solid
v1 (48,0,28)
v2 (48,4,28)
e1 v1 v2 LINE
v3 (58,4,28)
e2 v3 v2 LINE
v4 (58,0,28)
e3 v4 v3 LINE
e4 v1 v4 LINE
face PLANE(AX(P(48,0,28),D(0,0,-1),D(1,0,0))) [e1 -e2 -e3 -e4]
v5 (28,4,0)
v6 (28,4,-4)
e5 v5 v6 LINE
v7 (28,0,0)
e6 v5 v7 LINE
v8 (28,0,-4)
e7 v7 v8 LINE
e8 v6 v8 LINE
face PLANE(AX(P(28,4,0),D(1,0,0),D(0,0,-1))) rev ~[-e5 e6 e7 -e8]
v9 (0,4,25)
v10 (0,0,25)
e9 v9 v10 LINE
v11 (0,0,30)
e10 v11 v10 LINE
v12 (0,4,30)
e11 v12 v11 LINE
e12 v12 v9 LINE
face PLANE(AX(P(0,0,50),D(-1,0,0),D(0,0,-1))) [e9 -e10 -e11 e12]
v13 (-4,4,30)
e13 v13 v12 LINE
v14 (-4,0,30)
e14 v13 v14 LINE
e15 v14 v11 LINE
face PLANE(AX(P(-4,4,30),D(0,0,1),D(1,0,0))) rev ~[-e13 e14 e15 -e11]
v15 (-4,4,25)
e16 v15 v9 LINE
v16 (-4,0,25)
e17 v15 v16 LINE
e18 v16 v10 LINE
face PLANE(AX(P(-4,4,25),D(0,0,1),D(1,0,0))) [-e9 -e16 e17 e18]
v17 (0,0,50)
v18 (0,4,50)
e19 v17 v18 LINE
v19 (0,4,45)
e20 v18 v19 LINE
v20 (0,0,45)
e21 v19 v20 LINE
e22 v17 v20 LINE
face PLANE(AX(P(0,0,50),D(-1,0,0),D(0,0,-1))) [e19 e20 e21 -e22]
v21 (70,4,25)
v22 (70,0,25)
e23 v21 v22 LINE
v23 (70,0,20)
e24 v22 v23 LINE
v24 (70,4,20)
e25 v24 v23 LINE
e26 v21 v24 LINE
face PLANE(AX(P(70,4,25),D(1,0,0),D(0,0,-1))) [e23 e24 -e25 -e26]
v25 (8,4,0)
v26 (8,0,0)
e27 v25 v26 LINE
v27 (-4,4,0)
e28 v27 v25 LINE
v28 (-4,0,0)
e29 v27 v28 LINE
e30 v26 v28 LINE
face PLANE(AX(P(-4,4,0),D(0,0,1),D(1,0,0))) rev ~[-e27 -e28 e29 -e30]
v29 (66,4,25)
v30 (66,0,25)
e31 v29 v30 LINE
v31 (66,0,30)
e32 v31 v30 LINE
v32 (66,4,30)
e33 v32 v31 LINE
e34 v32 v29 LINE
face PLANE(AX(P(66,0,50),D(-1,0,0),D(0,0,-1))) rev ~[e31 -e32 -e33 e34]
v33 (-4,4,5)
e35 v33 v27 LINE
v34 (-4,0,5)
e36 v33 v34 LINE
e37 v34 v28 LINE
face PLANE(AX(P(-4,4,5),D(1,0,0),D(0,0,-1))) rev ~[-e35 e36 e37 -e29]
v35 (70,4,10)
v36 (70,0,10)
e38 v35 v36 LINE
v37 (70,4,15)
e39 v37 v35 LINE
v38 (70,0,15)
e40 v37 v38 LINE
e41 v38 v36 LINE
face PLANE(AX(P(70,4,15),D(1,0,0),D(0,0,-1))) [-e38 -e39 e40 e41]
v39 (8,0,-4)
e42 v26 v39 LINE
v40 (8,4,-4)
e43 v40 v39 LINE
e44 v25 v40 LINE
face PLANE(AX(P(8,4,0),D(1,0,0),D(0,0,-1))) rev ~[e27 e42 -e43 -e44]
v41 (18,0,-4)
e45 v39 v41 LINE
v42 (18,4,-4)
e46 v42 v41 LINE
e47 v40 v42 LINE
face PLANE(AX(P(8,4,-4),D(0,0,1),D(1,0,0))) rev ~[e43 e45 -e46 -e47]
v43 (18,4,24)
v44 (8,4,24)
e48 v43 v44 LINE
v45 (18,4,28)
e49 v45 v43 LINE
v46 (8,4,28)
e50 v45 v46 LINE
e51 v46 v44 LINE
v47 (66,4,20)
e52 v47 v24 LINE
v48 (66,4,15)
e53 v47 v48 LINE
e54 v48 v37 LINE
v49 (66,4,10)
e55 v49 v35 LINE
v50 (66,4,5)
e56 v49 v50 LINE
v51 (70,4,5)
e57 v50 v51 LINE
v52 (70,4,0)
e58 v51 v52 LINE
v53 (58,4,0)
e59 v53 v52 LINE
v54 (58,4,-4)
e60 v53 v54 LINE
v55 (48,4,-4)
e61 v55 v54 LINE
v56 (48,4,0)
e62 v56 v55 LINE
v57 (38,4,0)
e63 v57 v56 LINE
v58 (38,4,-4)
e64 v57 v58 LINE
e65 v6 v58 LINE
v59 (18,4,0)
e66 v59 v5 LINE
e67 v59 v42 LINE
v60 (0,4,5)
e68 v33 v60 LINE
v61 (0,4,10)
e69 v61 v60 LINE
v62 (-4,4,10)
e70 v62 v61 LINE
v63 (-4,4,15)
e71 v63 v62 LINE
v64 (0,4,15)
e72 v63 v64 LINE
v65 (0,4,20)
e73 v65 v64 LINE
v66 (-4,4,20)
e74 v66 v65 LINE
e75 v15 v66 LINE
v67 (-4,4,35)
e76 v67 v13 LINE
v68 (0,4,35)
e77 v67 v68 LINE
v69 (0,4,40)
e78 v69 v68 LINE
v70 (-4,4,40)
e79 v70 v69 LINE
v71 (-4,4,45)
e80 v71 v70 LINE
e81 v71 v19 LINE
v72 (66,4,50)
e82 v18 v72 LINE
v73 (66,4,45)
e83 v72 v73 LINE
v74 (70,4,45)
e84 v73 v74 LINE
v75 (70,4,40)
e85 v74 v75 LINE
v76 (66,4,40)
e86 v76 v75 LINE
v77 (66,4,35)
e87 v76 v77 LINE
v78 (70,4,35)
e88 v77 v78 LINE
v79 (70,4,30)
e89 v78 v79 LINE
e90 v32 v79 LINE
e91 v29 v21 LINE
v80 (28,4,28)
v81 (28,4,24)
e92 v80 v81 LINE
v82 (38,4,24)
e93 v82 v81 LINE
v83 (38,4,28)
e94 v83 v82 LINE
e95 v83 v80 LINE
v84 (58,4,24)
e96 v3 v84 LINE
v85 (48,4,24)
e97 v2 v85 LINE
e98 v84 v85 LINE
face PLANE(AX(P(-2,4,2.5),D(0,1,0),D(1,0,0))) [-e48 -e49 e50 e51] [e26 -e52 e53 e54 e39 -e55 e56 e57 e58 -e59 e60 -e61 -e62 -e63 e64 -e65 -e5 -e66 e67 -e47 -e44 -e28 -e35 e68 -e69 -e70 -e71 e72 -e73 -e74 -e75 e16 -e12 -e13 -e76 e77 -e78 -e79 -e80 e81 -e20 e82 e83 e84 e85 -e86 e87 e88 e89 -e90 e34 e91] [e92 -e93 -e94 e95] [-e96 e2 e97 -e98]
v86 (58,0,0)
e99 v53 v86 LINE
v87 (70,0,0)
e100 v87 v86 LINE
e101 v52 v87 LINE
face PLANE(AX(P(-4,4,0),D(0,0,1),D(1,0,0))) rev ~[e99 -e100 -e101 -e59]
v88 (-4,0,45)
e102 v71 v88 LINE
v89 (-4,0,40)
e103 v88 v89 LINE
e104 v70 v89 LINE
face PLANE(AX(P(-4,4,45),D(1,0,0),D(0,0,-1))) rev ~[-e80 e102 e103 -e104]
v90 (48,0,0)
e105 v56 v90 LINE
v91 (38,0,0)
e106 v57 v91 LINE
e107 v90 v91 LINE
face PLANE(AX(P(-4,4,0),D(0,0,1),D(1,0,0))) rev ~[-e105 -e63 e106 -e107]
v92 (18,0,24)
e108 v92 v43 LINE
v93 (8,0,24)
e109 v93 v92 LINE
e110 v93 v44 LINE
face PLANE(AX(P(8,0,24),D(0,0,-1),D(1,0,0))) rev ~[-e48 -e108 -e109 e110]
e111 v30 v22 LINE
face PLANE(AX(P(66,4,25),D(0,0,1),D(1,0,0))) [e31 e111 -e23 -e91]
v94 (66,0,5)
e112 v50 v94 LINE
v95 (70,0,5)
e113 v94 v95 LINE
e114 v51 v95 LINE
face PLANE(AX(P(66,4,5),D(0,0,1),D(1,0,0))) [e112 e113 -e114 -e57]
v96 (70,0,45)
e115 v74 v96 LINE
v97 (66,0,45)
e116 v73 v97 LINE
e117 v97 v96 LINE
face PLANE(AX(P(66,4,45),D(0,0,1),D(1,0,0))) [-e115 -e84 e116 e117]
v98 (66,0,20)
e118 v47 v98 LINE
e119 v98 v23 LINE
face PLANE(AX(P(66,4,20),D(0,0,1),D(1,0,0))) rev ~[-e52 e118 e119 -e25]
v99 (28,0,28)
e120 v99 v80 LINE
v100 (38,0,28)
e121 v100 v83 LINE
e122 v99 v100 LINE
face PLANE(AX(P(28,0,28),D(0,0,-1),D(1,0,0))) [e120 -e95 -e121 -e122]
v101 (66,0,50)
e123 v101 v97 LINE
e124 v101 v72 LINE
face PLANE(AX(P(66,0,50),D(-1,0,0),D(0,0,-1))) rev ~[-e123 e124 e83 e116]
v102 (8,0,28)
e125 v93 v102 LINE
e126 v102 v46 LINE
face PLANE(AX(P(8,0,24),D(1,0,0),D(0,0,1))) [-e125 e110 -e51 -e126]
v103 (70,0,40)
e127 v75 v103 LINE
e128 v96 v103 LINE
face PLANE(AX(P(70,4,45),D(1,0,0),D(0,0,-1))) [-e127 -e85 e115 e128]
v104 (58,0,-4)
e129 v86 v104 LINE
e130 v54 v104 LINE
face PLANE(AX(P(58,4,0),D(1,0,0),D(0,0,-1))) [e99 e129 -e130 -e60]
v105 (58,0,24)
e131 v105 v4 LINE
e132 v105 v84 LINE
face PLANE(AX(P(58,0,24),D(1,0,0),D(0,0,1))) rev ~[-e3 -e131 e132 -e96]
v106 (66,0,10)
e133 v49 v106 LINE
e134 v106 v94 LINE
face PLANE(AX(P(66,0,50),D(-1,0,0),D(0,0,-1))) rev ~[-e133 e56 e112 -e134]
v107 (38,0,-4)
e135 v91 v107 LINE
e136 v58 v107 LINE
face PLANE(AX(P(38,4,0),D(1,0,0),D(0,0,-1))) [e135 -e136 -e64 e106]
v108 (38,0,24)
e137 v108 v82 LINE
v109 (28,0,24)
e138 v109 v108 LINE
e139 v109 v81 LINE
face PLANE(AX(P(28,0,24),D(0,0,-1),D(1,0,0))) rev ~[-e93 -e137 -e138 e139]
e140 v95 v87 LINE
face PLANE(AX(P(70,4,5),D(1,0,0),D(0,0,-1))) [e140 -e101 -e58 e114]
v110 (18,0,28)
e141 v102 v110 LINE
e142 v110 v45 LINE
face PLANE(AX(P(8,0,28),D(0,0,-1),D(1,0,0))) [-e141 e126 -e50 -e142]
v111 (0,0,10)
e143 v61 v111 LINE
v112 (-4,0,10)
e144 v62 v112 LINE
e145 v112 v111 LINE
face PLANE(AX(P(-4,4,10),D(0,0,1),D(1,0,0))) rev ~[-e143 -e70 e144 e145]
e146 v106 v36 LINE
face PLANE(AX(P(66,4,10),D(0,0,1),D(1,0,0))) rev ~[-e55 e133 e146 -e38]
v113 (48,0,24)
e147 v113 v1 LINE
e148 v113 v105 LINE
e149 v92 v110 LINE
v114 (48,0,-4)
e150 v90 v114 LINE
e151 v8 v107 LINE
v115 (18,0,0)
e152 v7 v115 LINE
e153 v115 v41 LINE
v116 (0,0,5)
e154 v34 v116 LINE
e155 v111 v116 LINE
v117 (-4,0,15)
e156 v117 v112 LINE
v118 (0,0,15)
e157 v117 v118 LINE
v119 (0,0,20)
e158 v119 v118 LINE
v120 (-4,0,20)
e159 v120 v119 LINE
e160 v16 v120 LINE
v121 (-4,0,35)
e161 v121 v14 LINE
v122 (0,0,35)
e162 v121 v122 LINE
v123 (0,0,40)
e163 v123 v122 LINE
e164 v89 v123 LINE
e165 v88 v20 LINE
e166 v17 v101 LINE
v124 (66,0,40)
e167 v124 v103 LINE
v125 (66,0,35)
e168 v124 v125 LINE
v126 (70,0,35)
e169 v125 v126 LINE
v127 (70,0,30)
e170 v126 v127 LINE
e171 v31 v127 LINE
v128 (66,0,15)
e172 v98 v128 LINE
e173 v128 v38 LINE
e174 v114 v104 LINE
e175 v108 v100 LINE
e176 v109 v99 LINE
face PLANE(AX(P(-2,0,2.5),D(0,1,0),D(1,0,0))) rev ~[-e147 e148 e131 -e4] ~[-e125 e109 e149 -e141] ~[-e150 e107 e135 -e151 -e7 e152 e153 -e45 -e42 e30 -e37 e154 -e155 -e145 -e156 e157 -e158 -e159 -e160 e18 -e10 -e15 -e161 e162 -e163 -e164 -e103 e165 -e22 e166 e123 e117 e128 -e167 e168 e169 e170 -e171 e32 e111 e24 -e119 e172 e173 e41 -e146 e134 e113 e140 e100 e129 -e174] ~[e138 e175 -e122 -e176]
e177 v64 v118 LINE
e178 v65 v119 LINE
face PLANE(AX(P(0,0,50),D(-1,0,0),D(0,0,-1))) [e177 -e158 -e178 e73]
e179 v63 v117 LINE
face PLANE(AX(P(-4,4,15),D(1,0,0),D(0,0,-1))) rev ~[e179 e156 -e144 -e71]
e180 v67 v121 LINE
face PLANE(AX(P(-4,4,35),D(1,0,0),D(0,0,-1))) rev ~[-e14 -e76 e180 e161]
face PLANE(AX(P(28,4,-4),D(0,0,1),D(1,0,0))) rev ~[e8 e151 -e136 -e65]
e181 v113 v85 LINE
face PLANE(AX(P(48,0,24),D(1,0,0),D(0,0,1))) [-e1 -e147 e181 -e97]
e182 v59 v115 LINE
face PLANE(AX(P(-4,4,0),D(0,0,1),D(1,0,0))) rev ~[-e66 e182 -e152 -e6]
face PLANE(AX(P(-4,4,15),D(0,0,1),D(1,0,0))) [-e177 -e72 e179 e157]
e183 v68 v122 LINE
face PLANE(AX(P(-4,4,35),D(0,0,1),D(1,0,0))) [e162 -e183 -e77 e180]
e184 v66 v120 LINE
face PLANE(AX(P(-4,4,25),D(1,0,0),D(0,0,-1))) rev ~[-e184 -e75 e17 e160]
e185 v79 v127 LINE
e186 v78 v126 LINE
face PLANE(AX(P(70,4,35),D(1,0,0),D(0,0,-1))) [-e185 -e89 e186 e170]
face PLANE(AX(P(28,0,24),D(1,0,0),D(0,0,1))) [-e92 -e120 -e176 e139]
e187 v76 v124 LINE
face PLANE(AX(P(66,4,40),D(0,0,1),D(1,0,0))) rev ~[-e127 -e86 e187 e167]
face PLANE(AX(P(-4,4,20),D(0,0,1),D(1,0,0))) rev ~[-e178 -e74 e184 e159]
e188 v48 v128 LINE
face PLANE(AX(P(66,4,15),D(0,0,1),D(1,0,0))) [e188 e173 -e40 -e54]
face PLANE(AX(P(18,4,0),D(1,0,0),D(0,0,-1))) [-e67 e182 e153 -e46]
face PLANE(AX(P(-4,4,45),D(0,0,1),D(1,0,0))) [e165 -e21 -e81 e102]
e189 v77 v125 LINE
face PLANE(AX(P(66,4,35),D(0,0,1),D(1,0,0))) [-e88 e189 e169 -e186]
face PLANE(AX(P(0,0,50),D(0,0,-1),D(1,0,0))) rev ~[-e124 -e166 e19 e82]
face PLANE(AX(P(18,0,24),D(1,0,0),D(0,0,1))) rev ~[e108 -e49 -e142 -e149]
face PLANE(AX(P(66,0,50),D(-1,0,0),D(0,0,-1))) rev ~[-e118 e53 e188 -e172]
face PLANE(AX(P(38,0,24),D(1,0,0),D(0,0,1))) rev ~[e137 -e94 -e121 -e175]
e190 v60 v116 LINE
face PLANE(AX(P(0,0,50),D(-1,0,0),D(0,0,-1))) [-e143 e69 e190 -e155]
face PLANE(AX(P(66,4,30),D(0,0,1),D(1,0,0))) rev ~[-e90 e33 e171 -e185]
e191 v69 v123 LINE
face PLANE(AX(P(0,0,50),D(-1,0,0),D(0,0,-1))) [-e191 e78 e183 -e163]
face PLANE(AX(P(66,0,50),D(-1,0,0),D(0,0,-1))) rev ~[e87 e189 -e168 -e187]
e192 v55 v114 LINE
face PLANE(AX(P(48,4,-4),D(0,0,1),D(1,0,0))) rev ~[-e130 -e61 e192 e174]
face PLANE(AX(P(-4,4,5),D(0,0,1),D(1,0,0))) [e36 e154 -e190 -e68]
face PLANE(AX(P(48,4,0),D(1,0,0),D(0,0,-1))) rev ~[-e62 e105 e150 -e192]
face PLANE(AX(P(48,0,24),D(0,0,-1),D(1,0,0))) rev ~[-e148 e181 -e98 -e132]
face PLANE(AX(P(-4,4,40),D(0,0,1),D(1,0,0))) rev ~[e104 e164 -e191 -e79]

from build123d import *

# Parameters (mm, degrees)
SKETCH1_W           = 66
SKETCH1_H           = 50
BOSS_EXTRUDE1_DEPTH = 4
SKETCH2_W           = 4
SKETCH2_H           = 5
BOSS_EXTRUDE2_DEPTH = 4
LPATTERN1_COUNT     = 5
LPATTERN1_PITCH     = 10
SKETCH3_W           = 10
SKETCH3_H           = 4
BOSS_EXTRUDE3_DEPTH = 4
LPATTERN2_COUNT     = 2
LPATTERN2_PITCH     = 20
LPATTERN2_COL_COUNT = 2
LPATTERN2_COL_PITCH = 20
SKETCH4_W           = 10
SKETCH4_H           = 4
CUT_EXTRUDE1_DEPTH  = 87.116200566


with BuildPart() as part:
    # Sketch1 → Boss-Extrude1 (new body)
    with BuildSketch(Plane(origin=(0, 0, 0), x_dir=(1, 0, 0), z_dir=(0, 1, 0))):
        with Locations((33, -25)):
            Rectangle(SKETCH1_W, SKETCH1_H)
    extrude(amount=BOSS_EXTRUDE1_DEPTH)

    # Sketch2 → Boss-Extrude2 (add, through all)
    with BuildSketch(Plane(origin=(0, 4, 0), x_dir=(1, 0, 0), z_dir=(0, 1, 0))):
        with Locations((-2, -2.5)):
            Rectangle(SKETCH2_W, SKETCH2_H)
        with Locations((68, -2.5)):
            Rectangle(SKETCH2_W, SKETCH2_H)
    boss_extrude2 = extrude(amount=-BOSS_EXTRUDE2_DEPTH)

    # LPattern1: Boss-Extrude2 ×5
    with Locations(*[(0, 0, i * LPATTERN1_PITCH) for i in range(1, LPATTERN1_COUNT)]):
        add(boss_extrude2)

    # Sketch3 → Boss-Extrude3 (add, through all)
    with BuildSketch(Plane(origin=(0, 4, 0), x_dir=(1, 0, 0), z_dir=(0, 1, 0))):
        with Locations((33, 2)):
            Rectangle(SKETCH3_W, SKETCH3_H)
    boss_extrude3 = extrude(amount=-BOSS_EXTRUDE3_DEPTH)

    # LPattern2: Boss-Extrude3 ×2
    with Locations(*[(i * LPATTERN2_PITCH, 0, 0) for i in range(1, LPATTERN2_COUNT)]):
        add(boss_extrude3)

    # LPattern2 col: Boss-Extrude3 ×2
    with Locations(*[(-i * LPATTERN2_COL_PITCH, 0, 0) for i in range(1, LPATTERN2_COL_COUNT)]):
        add(boss_extrude3)

    # Sketch4 → Cut-Extrude1 (cut, through all)
    with BuildSketch(Plane.XZ):
        with Locations((13, 26)):
            Rectangle(SKETCH4_W, SKETCH4_H)
        with Locations((33, 26)):
            Rectangle(SKETCH4_W, SKETCH4_H)
        with Locations((53, 26)):
            Rectangle(SKETCH4_W, SKETCH4_H)
    extrude(amount=-CUT_EXTRUDE1_DEPTH, mode=Mode.SUBTRACT)


solid = part.part
